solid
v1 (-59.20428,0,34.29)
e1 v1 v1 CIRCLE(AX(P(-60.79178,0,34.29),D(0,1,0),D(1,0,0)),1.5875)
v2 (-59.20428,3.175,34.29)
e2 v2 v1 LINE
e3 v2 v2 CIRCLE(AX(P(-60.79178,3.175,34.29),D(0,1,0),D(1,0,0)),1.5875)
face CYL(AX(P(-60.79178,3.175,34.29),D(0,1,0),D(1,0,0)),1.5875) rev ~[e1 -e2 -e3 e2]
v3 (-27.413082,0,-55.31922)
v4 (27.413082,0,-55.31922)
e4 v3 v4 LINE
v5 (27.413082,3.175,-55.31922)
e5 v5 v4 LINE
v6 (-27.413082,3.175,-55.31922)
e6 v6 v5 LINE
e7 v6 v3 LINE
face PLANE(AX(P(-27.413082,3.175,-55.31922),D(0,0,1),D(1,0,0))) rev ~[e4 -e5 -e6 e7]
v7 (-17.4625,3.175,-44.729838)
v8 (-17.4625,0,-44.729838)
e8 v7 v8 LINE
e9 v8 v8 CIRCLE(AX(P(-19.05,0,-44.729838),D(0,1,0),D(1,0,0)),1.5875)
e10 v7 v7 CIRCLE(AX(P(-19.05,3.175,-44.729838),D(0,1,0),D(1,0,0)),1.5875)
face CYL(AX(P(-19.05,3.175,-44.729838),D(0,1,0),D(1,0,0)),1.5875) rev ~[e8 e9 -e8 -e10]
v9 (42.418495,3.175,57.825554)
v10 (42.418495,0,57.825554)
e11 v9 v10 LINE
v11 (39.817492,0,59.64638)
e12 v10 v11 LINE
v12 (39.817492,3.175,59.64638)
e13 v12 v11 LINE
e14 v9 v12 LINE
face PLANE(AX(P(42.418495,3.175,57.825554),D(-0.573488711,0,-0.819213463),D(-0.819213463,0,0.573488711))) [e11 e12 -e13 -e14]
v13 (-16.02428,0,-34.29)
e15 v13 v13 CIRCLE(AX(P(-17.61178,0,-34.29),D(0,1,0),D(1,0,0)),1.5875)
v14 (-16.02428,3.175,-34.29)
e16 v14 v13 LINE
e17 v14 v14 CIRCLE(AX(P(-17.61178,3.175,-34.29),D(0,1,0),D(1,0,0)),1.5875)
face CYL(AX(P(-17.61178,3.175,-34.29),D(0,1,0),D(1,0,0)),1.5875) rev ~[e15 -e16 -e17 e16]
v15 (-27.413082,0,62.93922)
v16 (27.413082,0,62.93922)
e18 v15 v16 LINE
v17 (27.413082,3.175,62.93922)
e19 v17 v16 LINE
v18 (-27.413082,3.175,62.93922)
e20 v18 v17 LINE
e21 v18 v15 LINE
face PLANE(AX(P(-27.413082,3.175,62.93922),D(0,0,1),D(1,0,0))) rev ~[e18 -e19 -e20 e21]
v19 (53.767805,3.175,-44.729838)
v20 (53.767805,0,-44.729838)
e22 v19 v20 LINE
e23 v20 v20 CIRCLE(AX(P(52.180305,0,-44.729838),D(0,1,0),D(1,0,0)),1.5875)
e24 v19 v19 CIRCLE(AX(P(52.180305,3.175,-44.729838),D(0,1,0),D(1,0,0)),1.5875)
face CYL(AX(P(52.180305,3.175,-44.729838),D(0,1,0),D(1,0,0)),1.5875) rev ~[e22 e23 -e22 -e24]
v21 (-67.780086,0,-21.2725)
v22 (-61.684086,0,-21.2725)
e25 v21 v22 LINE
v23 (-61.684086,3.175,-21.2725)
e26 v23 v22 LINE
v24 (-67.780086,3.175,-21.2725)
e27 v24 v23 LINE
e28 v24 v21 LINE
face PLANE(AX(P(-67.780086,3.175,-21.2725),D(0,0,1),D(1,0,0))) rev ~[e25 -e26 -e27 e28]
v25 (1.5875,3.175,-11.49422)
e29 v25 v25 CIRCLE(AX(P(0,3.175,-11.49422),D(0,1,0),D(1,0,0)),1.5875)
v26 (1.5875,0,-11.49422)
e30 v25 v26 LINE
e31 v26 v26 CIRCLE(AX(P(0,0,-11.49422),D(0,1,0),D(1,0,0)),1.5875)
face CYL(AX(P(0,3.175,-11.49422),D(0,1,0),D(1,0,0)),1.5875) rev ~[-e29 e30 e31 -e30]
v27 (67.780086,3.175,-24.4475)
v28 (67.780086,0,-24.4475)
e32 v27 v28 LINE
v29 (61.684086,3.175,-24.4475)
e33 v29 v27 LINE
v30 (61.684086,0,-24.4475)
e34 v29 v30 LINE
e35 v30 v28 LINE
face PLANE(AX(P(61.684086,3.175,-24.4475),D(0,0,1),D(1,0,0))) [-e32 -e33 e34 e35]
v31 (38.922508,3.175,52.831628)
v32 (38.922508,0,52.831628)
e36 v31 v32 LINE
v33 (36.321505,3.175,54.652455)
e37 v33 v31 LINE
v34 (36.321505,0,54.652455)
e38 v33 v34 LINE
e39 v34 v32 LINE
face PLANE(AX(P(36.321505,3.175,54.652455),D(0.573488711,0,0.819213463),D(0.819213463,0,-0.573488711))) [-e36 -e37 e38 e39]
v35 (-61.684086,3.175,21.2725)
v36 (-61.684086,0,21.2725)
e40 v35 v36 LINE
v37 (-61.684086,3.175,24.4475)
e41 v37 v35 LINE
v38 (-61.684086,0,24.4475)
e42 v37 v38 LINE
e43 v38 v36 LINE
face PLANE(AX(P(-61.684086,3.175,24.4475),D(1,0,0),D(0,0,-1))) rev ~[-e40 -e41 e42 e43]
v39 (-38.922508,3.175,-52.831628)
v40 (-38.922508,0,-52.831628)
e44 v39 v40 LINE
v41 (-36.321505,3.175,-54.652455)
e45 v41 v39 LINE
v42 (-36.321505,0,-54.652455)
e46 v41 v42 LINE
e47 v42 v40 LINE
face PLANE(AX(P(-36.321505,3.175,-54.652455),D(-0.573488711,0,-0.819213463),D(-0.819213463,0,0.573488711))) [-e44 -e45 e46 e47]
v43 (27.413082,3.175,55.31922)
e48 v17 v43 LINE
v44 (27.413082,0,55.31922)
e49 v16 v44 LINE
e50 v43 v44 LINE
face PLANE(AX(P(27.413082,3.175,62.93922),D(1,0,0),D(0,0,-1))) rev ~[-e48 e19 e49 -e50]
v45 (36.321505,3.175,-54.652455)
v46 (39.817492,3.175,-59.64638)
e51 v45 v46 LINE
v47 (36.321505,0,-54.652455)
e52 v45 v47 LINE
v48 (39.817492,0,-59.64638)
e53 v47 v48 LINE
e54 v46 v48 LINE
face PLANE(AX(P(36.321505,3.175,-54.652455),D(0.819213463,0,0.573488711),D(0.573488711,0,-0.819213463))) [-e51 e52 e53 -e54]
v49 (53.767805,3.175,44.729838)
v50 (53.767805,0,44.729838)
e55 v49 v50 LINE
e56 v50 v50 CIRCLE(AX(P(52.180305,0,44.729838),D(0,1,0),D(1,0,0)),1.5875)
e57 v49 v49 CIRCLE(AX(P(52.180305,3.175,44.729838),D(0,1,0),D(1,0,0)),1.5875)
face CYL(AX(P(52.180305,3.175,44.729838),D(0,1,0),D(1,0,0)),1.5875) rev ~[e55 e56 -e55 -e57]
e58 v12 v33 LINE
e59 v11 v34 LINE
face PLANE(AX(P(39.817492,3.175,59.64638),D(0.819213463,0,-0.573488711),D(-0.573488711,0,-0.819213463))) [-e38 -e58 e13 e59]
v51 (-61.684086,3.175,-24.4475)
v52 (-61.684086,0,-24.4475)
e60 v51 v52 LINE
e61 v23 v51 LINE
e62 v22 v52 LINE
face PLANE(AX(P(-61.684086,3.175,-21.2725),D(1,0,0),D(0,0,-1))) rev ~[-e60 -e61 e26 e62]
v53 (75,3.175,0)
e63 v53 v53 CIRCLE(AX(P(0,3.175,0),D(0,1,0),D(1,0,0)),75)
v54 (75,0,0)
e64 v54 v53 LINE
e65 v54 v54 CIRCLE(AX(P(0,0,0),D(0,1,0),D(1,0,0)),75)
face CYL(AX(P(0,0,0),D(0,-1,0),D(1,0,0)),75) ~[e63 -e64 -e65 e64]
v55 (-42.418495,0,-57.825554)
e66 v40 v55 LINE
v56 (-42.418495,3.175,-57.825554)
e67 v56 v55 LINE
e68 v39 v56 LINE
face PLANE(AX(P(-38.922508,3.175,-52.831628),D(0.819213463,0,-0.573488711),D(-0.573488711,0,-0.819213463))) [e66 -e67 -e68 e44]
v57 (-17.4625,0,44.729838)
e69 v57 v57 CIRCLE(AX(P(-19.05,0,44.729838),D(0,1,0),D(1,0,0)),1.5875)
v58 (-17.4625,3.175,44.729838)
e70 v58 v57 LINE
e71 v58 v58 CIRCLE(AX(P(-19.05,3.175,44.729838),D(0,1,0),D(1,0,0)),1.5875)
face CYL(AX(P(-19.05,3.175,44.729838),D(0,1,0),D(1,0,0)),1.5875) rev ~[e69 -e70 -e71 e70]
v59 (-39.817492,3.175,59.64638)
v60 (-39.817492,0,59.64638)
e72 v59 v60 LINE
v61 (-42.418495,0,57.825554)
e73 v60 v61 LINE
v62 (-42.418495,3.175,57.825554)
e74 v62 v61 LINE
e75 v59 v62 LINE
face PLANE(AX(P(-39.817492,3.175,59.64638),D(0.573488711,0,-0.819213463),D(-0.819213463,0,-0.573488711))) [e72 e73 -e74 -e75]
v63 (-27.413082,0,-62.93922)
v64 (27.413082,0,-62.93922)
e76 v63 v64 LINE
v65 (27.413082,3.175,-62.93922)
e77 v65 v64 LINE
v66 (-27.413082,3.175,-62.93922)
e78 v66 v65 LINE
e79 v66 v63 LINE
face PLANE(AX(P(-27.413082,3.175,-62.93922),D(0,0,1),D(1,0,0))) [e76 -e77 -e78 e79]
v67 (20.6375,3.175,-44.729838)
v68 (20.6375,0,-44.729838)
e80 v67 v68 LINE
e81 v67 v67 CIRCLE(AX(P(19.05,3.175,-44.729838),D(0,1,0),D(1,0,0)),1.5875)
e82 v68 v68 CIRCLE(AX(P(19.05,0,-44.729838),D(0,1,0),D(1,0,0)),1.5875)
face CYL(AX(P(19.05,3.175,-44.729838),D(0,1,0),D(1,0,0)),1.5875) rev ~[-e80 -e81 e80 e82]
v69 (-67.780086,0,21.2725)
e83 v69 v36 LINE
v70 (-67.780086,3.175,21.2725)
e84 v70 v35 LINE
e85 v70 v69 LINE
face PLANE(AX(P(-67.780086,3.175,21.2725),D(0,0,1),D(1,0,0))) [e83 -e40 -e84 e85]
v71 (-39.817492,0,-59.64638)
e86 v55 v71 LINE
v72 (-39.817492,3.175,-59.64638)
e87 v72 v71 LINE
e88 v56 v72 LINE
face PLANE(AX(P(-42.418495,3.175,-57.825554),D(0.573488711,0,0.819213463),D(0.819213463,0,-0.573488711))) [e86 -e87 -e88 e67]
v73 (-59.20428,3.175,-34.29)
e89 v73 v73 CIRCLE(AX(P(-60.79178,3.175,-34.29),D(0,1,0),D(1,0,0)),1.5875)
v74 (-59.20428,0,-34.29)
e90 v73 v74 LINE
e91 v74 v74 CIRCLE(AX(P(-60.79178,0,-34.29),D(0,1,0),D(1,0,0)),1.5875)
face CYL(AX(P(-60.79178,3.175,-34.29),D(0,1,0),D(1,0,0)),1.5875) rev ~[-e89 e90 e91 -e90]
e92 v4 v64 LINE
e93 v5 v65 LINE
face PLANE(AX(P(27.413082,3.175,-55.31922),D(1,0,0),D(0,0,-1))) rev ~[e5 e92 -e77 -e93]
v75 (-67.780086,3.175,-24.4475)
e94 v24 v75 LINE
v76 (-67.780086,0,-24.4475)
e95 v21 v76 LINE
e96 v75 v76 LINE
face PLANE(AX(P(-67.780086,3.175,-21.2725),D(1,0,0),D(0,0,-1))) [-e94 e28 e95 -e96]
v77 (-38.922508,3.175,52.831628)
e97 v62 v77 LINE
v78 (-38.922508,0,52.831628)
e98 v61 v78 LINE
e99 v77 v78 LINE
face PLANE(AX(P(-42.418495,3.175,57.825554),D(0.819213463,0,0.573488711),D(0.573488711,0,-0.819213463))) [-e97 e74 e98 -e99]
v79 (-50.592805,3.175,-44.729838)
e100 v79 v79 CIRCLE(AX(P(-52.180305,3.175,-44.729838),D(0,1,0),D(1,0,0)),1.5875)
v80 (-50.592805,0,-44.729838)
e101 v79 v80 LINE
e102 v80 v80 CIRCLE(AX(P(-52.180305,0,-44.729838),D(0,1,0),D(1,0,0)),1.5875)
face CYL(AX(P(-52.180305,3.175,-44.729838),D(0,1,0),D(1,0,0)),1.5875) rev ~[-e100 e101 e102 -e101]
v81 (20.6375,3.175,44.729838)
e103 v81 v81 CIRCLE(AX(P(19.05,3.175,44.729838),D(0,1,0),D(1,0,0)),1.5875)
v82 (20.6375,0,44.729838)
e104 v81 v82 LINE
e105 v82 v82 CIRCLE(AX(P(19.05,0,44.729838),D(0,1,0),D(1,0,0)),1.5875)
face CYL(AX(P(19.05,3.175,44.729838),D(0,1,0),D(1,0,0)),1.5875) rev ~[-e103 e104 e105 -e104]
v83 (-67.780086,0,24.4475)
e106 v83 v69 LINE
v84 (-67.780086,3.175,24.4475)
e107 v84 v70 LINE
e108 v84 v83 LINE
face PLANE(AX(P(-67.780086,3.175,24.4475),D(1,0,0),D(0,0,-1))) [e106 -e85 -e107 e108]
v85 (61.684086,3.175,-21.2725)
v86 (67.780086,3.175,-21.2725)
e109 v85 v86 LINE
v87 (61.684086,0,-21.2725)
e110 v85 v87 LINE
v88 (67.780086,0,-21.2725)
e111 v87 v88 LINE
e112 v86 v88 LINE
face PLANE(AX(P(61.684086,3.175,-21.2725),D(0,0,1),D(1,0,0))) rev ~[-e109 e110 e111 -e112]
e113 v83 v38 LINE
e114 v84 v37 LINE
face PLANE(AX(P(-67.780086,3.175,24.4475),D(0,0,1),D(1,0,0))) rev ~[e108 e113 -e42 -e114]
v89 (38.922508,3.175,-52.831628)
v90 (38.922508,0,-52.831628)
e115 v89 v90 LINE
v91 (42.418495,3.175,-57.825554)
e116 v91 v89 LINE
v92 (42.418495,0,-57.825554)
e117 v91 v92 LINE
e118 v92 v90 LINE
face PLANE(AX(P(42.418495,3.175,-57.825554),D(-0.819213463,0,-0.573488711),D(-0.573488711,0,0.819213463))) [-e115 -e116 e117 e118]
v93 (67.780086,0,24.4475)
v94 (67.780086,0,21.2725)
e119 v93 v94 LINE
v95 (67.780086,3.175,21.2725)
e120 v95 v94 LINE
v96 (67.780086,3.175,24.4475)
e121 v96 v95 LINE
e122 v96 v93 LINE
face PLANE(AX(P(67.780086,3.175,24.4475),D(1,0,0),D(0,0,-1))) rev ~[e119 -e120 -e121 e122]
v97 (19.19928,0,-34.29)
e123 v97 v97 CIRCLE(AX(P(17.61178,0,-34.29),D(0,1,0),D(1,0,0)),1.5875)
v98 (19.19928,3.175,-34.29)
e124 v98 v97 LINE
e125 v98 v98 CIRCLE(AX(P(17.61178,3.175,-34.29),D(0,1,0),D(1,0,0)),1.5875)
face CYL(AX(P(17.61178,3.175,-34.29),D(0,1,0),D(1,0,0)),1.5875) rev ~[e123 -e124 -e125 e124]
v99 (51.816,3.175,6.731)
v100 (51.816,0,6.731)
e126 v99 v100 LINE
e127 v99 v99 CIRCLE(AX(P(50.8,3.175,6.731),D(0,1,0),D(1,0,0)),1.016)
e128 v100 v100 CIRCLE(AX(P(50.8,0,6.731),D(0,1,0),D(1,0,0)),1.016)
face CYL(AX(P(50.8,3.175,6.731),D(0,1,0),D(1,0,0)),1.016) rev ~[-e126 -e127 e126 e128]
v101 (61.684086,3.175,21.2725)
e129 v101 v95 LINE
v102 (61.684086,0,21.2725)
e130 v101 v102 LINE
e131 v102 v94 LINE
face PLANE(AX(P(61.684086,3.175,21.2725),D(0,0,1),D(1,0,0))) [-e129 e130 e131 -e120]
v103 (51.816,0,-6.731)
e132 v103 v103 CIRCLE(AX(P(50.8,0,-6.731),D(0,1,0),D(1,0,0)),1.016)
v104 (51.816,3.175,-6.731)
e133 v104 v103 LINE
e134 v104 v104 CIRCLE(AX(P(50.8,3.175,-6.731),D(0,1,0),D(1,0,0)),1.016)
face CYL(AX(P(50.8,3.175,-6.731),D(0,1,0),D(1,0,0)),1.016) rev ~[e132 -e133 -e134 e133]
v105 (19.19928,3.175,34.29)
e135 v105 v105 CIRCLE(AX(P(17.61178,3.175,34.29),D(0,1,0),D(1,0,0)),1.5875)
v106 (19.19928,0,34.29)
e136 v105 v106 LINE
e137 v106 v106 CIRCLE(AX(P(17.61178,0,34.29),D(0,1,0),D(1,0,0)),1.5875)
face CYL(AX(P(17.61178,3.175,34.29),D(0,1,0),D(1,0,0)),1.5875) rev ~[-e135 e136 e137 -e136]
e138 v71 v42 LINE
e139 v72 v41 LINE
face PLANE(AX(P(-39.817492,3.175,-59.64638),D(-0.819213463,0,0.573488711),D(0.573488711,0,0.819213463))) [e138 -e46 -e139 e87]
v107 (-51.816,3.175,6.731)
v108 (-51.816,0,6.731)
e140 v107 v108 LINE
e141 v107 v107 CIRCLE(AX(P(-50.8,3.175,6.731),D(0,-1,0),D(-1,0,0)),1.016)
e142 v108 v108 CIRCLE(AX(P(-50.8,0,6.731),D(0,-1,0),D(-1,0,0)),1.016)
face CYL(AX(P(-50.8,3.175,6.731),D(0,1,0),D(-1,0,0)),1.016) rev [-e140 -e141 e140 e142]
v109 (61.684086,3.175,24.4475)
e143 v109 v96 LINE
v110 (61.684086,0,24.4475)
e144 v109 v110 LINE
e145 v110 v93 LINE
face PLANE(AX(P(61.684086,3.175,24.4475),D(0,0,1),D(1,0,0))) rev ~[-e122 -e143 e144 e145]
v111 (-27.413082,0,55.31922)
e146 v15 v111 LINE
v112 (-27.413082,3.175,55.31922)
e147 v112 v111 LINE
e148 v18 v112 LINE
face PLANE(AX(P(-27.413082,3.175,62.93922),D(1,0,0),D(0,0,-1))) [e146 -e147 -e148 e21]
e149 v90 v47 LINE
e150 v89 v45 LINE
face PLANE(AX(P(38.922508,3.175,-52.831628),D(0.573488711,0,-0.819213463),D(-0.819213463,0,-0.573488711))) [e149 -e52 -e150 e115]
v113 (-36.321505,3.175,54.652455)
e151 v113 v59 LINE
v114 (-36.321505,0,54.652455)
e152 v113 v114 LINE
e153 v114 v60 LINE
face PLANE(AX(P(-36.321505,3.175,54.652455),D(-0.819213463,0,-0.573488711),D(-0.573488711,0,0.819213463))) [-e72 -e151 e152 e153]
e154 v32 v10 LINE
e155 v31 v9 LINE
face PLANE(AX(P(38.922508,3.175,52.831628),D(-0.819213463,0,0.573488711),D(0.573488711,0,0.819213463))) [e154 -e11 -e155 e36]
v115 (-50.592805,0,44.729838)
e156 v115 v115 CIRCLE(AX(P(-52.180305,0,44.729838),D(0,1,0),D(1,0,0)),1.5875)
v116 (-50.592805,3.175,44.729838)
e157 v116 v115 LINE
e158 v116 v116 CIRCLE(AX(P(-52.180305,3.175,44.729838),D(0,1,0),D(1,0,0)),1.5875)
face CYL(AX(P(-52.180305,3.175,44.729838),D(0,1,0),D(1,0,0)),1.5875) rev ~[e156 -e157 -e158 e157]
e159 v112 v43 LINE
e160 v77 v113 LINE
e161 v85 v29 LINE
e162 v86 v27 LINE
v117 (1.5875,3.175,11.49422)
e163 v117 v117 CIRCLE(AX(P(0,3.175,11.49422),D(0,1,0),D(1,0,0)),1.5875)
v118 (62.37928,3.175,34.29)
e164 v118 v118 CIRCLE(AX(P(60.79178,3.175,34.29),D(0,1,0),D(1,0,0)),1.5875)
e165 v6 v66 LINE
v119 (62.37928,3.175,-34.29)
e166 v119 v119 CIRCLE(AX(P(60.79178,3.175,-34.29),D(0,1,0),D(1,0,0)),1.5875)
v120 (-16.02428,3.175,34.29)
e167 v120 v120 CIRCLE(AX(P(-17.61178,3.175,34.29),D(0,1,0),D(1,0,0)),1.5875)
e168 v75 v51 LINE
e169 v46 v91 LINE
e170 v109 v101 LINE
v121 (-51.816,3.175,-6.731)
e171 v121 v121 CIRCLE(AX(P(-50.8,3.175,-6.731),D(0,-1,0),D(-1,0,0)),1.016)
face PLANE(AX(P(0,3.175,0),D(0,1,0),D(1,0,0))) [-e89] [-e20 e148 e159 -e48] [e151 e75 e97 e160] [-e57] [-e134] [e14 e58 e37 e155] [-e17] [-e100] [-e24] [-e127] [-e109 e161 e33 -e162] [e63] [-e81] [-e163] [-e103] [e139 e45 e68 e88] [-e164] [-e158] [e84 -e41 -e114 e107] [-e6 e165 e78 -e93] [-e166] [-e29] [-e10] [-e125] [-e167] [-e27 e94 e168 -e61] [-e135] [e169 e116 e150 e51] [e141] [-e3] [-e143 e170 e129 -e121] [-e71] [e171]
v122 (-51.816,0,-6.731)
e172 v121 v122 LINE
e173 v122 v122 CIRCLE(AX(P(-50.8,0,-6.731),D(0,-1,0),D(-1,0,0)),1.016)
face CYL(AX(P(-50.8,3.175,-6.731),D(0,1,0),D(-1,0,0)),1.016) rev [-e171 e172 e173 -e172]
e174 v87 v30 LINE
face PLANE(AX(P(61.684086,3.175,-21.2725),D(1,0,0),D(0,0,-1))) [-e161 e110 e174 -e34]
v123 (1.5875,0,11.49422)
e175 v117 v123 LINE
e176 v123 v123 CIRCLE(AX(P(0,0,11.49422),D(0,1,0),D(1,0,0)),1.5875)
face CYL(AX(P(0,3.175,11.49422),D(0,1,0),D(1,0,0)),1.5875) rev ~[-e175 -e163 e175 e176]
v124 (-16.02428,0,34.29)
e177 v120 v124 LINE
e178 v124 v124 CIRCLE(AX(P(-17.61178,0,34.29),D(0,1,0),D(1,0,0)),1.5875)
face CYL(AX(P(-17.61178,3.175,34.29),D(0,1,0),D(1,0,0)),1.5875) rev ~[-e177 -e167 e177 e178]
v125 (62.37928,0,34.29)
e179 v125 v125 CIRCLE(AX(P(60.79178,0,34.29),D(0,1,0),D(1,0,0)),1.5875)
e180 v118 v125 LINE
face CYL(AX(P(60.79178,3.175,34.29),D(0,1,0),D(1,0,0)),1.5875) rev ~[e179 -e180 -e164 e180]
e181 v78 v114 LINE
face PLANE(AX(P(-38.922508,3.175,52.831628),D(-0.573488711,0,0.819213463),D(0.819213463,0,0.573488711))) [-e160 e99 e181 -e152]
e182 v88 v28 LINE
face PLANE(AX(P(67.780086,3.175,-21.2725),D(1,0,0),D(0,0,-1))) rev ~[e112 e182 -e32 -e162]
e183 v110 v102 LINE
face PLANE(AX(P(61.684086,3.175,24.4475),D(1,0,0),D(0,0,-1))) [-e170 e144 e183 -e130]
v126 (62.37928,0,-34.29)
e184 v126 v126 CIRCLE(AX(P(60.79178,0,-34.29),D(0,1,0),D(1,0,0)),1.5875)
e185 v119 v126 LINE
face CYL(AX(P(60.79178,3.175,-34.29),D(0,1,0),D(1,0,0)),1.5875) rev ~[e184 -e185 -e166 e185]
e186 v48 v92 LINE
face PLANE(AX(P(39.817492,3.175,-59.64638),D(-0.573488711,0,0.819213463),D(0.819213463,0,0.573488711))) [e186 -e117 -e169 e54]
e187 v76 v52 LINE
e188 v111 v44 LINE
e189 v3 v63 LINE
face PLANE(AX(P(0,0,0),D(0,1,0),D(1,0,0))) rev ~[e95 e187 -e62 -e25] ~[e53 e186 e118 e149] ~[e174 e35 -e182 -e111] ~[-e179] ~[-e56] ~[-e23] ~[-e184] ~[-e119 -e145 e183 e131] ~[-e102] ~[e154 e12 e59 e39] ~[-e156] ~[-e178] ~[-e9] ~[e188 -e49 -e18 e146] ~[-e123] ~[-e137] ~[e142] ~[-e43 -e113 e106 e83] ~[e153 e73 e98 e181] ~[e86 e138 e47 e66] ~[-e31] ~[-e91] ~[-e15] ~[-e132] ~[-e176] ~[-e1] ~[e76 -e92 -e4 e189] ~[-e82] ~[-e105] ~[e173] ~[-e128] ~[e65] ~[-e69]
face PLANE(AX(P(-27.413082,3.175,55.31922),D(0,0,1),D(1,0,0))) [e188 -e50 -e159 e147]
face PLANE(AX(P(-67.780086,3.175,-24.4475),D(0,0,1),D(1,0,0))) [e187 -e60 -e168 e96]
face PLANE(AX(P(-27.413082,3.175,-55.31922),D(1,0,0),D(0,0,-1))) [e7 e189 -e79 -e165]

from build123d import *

# Parameters (mm, degrees)
SKETCH1_R           = 75
BOSS_EXTRUDE1_DEPTH = 3.175
SKETCH2_W           = 54.82616321
SKETCH2_H           = 7.62
CUT_EXTRUDE1_DEPTH  = 3.175
SKETCH4_R           = 1.5875
CUT_EXTRUDE2_DEPTH  = 3.175
SKETCH5_W           = 6.096
SKETCH5_H           = 3.175
CUT_EXTRUDE3_DEPTH  = 3.175
SKETCH6_R           = 1.016
CUT_EXTRUDE4_DEPTH  = 3.175


with BuildPart() as part:
    # Sketch1 → Boss-Extrude1 (new body)
    with BuildSketch(Plane(origin=(0, 0, 0), x_dir=(1, 0, 0), z_dir=(0, 1, 0))):
        Circle(SKETCH1_R)
    extrude(amount=BOSS_EXTRUDE1_DEPTH)

    # Sketch2 → Cut-Extrude1 (cut)
    with BuildSketch(Plane(origin=(0, 3.175, 0), x_dir=(1, 0, 0), z_dir=(0, 1, 0))):
        with Locations((0, 59.129220339)):
            Rectangle(SKETCH2_W, SKETCH2_H)
        with Locations((0, -59.129220339)):
            Rectangle(SKETCH2_W, SKETCH2_H)
    extrude(amount=-CUT_EXTRUDE1_DEPTH, mode=Mode.SUBTRACT)

    # Sketch4 → Cut-Extrude2 (cut)
    with BuildSketch(Plane(origin=(0, 3.175, 0), x_dir=(1, 0, 0), z_dir=(0, 1, 0))):
        with Locations((-52.180304588, 44.729838125)):
            Circle(SKETCH4_R)
        with Locations((-19.05, 44.729838125)):
            Circle(SKETCH4_R)
        with Locations((-60.791780161, 34.29)):
            Circle(SKETCH4_R)
        with Locations((-17.611780161, 34.29)):
            Circle(SKETCH4_R)
        with Locations((-60.791780161, -34.29)):
            Circle(SKETCH4_R)
        with Locations((-52.180304588, -44.729838125)):
            Circle(SKETCH4_R)
        with Locations((-17.611780161, -34.29)):
            Circle(SKETCH4_R)
        with Locations((-19.05, -44.729838125)):
            Circle(SKETCH4_R)
        with Locations((17.611780161, -34.29)):
            Circle(SKETCH4_R)
        with Locations((19.05, -44.729838125)):
            Circle(SKETCH4_R)
        with Locations((52.180304588, -44.729838125)):
            Circle(SKETCH4_R)
        with Locations((60.791780161, -34.29)):
            Circle(SKETCH4_R)
        with Locations((60.791780161, 34.29)):
            Circle(SKETCH4_R)
        with Locations((52.180304588, 44.729838125)):
            Circle(SKETCH4_R)
        with Locations((19.05, 44.729838125)):
            Circle(SKETCH4_R)
        with Locations((17.611780161, 34.29)):
            Circle(SKETCH4_R)
        with Locations((0, 11.494220339)):
            Circle(SKETCH4_R)
        with Locations((0, -11.494220339)):
            Circle(SKETCH4_R)
    extrude(amount=-CUT_EXTRUDE2_DEPTH, mode=Mode.SUBTRACT)

    # Sketch5 → Cut-Extrude3 (cut)
    with BuildSketch(Plane(origin=(0, 3.175, 0), x_dir=(1, 0, 0), z_dir=(0, 1, 0))):
        with Locations((64.732085553, 22.86)):
            Rectangle(SKETCH5_W, SKETCH5_H)
        with Locations((64.732085553, -22.86)):
            Rectangle(SKETCH5_W, SKETCH5_H)
        with Locations((-64.732085553, -22.86)):
            Rectangle(SKETCH5_W, SKETCH5_H)
        with Locations((-64.732085553, 22.86)):
            Rectangle(SKETCH5_W, SKETCH5_H)
        Polygon((39.817492218, 59.646380223), (42.418494964, 57.825553566), (38.922507782, 52.831628294), (36.321505036, 54.652454951), align=None)
        Polygon((38.922507782, -52.831628294), (42.418494964, -57.825553566), (39.817492218, -59.646380223), (36.321505036, -54.652454951), align=None)
        Polygon((-38.922507782, -52.831628294), (-36.321505036, -54.652454951), (-39.817492218, -59.646380223), (-42.418494964, -57.825553566), align=None)
        Polygon((-39.817492218, 59.646380223), (-36.321505036, 54.652454951), (-38.922507782, 52.831628294), (-42.418494964, 57.825553566), align=None)
    extrude(amount=-CUT_EXTRUDE3_DEPTH, mode=Mode.SUBTRACT)

    # Sketch6 → Cut-Extrude4 (cut)
    with BuildSketch(Plane(origin=(0, 3.175, 0), x_dir=(1, 0, 0), z_dir=(0, 1, 0))):
        with Locations((50.8, 6.731)):
            Circle(SKETCH6_R)
        with Locations((50.8, -6.731)):
            Circle(SKETCH6_R)
    cut_extrude4 = extrude(amount=-CUT_EXTRUDE4_DEPTH, mode=Mode.SUBTRACT)

    # Mirror1: Cut-Extrude4 across plane
    add(cut_extrude4.mirror(Plane(origin=(0, 0, 0), x_dir=(0, 0, 1), z_dir=(1, 0, 0))), mode=Mode.SUBTRACT)


solid = part.part
